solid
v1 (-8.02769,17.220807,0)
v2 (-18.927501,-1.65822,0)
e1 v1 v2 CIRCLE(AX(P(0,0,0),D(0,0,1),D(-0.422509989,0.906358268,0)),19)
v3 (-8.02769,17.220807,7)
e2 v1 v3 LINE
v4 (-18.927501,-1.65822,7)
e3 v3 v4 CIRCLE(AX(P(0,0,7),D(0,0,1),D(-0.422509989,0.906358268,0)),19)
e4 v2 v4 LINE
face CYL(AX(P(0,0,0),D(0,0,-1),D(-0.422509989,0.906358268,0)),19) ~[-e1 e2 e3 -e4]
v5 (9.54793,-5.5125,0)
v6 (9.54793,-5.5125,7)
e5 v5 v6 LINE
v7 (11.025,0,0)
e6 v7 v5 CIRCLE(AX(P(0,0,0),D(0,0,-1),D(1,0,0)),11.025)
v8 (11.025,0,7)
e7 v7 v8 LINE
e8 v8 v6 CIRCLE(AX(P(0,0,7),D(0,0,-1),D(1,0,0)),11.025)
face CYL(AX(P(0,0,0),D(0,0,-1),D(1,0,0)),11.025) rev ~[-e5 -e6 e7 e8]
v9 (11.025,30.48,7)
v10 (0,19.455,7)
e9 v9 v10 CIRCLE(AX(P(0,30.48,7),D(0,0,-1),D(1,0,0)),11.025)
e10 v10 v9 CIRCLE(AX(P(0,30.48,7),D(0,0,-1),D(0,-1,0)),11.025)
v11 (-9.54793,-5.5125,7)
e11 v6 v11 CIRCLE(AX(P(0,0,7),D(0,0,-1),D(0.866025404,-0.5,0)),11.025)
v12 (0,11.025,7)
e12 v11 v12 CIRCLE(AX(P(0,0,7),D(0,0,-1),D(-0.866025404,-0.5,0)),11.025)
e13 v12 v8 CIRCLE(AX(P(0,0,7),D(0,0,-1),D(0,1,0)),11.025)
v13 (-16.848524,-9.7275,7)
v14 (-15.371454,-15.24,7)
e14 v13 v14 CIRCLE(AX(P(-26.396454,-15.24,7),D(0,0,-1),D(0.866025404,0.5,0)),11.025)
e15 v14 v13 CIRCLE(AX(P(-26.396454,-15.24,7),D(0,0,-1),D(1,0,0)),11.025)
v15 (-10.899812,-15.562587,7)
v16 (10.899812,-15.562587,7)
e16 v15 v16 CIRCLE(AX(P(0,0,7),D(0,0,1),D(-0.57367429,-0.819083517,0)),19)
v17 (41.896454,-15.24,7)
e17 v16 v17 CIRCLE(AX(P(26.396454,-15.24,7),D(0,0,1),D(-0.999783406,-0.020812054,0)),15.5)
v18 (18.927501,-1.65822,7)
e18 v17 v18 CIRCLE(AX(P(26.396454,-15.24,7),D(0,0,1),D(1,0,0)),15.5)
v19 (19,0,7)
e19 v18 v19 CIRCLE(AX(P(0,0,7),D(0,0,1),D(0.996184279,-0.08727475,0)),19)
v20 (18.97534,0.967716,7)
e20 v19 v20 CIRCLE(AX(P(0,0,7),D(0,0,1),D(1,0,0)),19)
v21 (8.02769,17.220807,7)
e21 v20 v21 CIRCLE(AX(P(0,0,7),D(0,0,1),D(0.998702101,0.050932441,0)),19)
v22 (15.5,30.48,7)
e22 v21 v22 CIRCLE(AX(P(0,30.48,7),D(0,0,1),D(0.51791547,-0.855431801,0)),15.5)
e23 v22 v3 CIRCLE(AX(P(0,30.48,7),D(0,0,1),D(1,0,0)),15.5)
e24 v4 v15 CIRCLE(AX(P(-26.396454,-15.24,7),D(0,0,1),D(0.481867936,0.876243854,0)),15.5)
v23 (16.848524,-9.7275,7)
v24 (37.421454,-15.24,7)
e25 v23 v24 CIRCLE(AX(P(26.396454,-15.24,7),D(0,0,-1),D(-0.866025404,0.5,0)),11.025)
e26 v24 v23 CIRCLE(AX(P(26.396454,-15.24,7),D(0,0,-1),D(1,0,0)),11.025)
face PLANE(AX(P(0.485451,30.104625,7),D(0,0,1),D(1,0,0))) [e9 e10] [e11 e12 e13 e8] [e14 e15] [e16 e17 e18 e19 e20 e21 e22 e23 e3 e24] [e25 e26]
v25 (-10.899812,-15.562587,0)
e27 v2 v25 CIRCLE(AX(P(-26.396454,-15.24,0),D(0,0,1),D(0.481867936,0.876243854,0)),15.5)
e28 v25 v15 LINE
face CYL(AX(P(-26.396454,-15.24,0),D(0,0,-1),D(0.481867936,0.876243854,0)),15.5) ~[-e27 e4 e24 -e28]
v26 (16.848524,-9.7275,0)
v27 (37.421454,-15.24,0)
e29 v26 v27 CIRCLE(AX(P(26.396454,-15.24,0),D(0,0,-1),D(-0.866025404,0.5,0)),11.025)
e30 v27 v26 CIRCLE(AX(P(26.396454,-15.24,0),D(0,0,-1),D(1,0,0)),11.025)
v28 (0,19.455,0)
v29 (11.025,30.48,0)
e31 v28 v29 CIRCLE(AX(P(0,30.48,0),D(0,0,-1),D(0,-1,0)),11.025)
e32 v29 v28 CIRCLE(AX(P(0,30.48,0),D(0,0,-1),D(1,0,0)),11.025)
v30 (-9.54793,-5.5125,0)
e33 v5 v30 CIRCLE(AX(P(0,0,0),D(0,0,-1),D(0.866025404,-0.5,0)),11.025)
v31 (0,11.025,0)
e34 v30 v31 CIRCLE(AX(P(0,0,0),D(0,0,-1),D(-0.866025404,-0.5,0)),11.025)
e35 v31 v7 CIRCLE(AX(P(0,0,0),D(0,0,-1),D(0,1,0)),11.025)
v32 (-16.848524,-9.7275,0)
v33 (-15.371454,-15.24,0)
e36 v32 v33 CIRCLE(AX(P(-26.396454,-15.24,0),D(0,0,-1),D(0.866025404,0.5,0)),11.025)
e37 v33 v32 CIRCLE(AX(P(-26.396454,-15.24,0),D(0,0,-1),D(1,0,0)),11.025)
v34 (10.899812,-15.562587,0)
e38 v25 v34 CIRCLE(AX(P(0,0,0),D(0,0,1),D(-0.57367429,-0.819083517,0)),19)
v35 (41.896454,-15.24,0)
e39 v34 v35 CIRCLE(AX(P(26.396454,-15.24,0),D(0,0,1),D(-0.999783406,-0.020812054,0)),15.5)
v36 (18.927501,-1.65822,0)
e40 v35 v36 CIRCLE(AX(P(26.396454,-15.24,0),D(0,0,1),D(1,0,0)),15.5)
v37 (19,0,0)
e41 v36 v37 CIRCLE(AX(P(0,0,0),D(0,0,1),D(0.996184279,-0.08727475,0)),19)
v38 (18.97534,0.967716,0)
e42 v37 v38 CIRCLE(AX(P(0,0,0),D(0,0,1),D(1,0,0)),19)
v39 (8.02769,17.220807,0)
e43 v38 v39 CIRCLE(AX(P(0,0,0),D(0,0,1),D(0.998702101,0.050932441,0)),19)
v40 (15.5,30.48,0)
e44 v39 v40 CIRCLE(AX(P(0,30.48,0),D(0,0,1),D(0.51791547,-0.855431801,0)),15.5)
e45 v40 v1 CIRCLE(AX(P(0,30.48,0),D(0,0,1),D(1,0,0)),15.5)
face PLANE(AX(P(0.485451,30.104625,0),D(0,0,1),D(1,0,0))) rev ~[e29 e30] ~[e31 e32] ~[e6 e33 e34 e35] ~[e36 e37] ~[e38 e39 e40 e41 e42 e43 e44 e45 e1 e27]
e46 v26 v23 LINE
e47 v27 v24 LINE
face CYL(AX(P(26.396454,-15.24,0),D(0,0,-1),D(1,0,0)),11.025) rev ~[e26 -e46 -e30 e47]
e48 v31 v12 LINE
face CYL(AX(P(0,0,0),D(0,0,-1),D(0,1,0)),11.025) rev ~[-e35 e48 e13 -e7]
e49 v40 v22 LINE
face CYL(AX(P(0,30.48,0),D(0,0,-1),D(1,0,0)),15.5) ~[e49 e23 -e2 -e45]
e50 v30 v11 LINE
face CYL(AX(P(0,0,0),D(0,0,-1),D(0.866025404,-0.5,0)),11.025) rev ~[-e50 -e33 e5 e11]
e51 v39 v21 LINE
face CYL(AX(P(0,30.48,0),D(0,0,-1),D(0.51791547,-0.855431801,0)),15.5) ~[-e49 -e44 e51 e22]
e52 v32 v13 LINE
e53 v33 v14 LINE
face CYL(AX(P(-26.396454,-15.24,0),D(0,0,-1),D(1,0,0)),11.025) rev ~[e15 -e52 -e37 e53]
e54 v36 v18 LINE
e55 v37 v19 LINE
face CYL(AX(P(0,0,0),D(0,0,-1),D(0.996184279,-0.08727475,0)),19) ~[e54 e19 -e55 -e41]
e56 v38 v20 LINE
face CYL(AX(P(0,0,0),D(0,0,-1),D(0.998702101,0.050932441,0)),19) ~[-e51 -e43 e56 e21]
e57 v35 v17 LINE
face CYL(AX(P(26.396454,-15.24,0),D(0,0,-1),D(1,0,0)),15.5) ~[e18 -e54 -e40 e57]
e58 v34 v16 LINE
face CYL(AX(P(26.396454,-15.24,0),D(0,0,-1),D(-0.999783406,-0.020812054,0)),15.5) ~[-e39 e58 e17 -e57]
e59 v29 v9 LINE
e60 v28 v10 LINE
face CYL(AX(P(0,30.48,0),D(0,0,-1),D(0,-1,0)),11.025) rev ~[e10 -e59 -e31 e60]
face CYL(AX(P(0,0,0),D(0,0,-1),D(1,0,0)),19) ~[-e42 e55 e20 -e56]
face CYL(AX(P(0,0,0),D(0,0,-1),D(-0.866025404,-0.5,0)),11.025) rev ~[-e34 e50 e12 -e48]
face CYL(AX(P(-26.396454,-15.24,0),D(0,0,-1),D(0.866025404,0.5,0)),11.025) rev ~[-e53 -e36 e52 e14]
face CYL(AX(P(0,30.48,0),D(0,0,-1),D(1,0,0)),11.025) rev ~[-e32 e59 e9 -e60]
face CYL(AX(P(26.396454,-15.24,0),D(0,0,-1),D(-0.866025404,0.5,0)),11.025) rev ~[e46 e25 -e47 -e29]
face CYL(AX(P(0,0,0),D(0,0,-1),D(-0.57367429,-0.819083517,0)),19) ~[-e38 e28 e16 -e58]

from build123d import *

# Parameters (mm, degrees)
F1_DEPTH = 7


with BuildPart() as f1:
    # F0 (on Top) → F1 (new body)
    with BuildSketch(Plane.XY):
        with BuildLine():
            ThreePointArc((0, 19), (4.1112446628, 18.5498697387), (8.0276897851, 17.2208070866))
            ThreePointArc((8.0276897851, 17.2208070866), (13.5033179565, 22.8701114223), (15.5, 30.48))
            ThreePointArc((15.5, 30.48), (-7.6098885777, 43.9833179565), (-8.0276897851, 17.2208070866))
            ThreePointArc((-8.0276897851, 17.2208070866), (-4.1112446628, 18.5498697387), (0, 19))
        make_face()
        with BuildLine():
            ThreePointArc((11.025, 30.48), (7.7958522626, 22.6841477374), (0, 19.455))
            ThreePointArc((0, 19.455), (-7.7958522626, 38.2758522626), (11.025, 30.48))
        make_face(mode=Mode.SUBTRACT)
        with BuildLine():
            ThreePointArc((-9.5479300767, -5.5125), (-9.5479300767, 5.5125), (0, 11.025))
            Line((0, 11.025), (0, 14.98))
            ThreePointArc((0, 14.98), (-4.1672838782, 15.550708487), (-8.0276897851, 17.2208070866))
            ThreePointArc((-8.0276897851, 17.2208070866), (-16.4544826719, 9.5), (-18.9275013032, -1.6582202557))
            ThreePointArc((-18.9275013032, -1.6582202557), (-15.5509505357, -4.1663805402), (-12.9730605487, -7.49))
            Line((-12.9730605487, -7.49), (-9.5479300767, -5.5125))
        make_face()
        with BuildLine():
            ThreePointArc((0, 11.025), (4.6737551189, 9.985321131), (8.4660219047, 7.0623719889))
            Line((8.4660219047, 7.0623719889), (18.9753399185, 0.9677163728))
            ThreePointArc((18.9753399185, 0.9677163728), (15.7585418973, 10.6145351886), (8.0276897851, 17.2208070866))
            ThreePointArc((8.0276897851, 17.2208070866), (4.1672838782, 15.550708487), (0, 14.98))
            Line((0, 14.98), (0, 11.025))
        make_face()
        with BuildLine():
            ThreePointArc((-8.0276897851, 17.2208070866), (-4.1672838782, 15.550708487), (0, 14.98))
            Line((0, 14.98), (0, 19))
            ThreePointArc((0, 19), (-4.1112446628, 18.5498697387), (-8.0276897851, 17.2208070866))
        make_face()
        with BuildLine():
            Line((0, 19), (0, 14.98))
            ThreePointArc((0, 14.98), (4.1672838782, 15.550708487), (8.0276897851, 17.2208070866))
            ThreePointArc((8.0276897851, 17.2208070866), (4.1112446628, 18.5498697387), (0, 19))
        make_face()
        with BuildLine():
            ThreePointArc((-10.8998115181, -15.5625868309), (-14.0090360992, -12.8353771885), (-16.4544826719, -9.5))
            ThreePointArc((-16.4544826719, -9.5), (-18.120280762, -5.7144925502), (-18.9275013032, -1.6582202557))
            ThreePointArc((-18.9275013032, -1.6582202557), (-39.819848066, -22.99), (-10.8998115181, -15.5625868309))
        make_face()
        with BuildLine():
            ThreePointArc((-15.3714543073, -15.24), (-37.0457865422, -18.0934799723), (-16.8485242306, -9.7275))
            ThreePointArc((-16.8485242306, -9.7275), (-15.7471220725, -12.3865200277), (-15.3714543073, -15.24))
        make_face(mode=Mode.SUBTRACT)
        with BuildLine():
            Line((-16.4544826719, -9.5), (-12.9730605487, -7.49))
            ThreePointArc((-12.9730605487, -7.49), (-15.5509505357, -4.1663805402), (-18.9275013032, -1.6582202557))
            ThreePointArc((-18.9275013032, -1.6582202557), (-18.120280762, -5.7144925502), (-16.4544826719, -9.5))
        make_face()
        with BuildLine():
            ThreePointArc((-10.8964543073, -15.24), (-11.4246039999, -11.2283048009), (-12.9730605487, -7.49))
            Line((-12.9730605487, -7.49), (-16.4544826719, -9.5))
            ThreePointArc((-16.4544826719, -9.5), (-14.0090360992, -12.8353771885), (-10.8998115181, -15.5625868309))
            ThreePointArc((-10.8998115181, -15.5625868309), (-10.8972936328, -15.40130215), (-10.8964543073, -15.24))
        make_face()
        with BuildLine():
            Line((12.9730605487, -7.49), (9.5479300767, -5.5125))
            ThreePointArc((9.5479300767, -5.5125), (0, -11.025), (-9.5479300767, -5.5125))
            Line((-9.5479300767, -5.5125), (-12.9730605487, -7.49))
            ThreePointArc((-12.9730605487, -7.49), (-11.4246039999, -11.2283048009), (-10.8964543073, -15.24))
            ThreePointArc((-10.8964543073, -15.24), (-10.8972936328, -15.40130215), (-10.8998115181, -15.5625868309))
            ThreePointArc((-10.8998115181, -15.5625868309), (0, -19), (10.8998115181, -15.5625868309))
            ThreePointArc((10.8998115181, -15.5625868309), (11.3836666575, -11.3843279468), (12.9730605487, -7.49))
        make_face()
        with BuildLine():
            Line((16.4544826719, -9.5), (12.9730605487, -7.49))
            ThreePointArc((12.9730605487, -7.49), (11.3836666575, -11.3843279468), (10.8998115181, -15.5625868309))
            ThreePointArc((10.8998115181, -15.5625868309), (14.0090360992, -12.8353771885), (16.4544826719, -9.5))
        make_face()
        with BuildLine():
            ThreePointArc((8.4660219047, 7.0623719889), (10.3655322222, 3.7558443459), (11.025, 0))
            ThreePointArc((11.025, 0), (10.6493322348, -2.8534799723), (9.5479300767, -5.5125))
            Line((9.5479300767, -5.5125), (12.9730605487, -7.49))
            ThreePointArc((12.9730605487, -7.49), (15.5509505357, -4.1663805402), (18.9275013032, -1.6582202557))
            ThreePointArc((18.9275013032, -1.6582202557), (18.9818666727, -0.8299021746), (19, 0))
            ThreePointArc((19, 0), (18.9938339791, 0.4840152626), (18.9753399185, 0.9677163728))
            Line((18.9753399185, 0.9677163728), (8.4660219047, 7.0623719889))
        make_face()
        with BuildLine():
            ThreePointArc((18.9275013032, -1.6582202557), (15.5509505357, -4.1663805402), (12.9730605487, -7.49))
            Line((12.9730605487, -7.49), (16.4544826719, -9.5))
            ThreePointArc((16.4544826719, -9.5), (18.120280762, -5.7144925502), (18.9275013032, -1.6582202557))
        make_face()
        with BuildLine():
            ThreePointArc((18.9275013032, -1.6582202557), (18.120280762, -5.7144925502), (16.4544826719, -9.5))
            ThreePointArc((16.4544826719, -9.5), (14.0090360992, -12.8353771885), (10.8998115181, -15.5625868309))
            ThreePointArc((10.8998115181, -15.5625868309), (26.5577564573, -30.7391606746), (41.8964543073, -15.24))
            ThreePointArc((41.8964543073, -15.24), (34.2857264042, -1.8979841935), (18.9275013032, -1.6582202557))
        make_face()
        with BuildLine():
            ThreePointArc((37.4214543073, -15.24), (23.5429743351, -25.8893322348), (16.8485242306, -9.7275))
            ThreePointArc((16.8485242306, -9.7275), (29.2499342796, -4.5906677652), (37.4214543073, -15.24))
        make_face(mode=Mode.SUBTRACT)
    extrude(amount=F1_DEPTH)


solid = f1.part
